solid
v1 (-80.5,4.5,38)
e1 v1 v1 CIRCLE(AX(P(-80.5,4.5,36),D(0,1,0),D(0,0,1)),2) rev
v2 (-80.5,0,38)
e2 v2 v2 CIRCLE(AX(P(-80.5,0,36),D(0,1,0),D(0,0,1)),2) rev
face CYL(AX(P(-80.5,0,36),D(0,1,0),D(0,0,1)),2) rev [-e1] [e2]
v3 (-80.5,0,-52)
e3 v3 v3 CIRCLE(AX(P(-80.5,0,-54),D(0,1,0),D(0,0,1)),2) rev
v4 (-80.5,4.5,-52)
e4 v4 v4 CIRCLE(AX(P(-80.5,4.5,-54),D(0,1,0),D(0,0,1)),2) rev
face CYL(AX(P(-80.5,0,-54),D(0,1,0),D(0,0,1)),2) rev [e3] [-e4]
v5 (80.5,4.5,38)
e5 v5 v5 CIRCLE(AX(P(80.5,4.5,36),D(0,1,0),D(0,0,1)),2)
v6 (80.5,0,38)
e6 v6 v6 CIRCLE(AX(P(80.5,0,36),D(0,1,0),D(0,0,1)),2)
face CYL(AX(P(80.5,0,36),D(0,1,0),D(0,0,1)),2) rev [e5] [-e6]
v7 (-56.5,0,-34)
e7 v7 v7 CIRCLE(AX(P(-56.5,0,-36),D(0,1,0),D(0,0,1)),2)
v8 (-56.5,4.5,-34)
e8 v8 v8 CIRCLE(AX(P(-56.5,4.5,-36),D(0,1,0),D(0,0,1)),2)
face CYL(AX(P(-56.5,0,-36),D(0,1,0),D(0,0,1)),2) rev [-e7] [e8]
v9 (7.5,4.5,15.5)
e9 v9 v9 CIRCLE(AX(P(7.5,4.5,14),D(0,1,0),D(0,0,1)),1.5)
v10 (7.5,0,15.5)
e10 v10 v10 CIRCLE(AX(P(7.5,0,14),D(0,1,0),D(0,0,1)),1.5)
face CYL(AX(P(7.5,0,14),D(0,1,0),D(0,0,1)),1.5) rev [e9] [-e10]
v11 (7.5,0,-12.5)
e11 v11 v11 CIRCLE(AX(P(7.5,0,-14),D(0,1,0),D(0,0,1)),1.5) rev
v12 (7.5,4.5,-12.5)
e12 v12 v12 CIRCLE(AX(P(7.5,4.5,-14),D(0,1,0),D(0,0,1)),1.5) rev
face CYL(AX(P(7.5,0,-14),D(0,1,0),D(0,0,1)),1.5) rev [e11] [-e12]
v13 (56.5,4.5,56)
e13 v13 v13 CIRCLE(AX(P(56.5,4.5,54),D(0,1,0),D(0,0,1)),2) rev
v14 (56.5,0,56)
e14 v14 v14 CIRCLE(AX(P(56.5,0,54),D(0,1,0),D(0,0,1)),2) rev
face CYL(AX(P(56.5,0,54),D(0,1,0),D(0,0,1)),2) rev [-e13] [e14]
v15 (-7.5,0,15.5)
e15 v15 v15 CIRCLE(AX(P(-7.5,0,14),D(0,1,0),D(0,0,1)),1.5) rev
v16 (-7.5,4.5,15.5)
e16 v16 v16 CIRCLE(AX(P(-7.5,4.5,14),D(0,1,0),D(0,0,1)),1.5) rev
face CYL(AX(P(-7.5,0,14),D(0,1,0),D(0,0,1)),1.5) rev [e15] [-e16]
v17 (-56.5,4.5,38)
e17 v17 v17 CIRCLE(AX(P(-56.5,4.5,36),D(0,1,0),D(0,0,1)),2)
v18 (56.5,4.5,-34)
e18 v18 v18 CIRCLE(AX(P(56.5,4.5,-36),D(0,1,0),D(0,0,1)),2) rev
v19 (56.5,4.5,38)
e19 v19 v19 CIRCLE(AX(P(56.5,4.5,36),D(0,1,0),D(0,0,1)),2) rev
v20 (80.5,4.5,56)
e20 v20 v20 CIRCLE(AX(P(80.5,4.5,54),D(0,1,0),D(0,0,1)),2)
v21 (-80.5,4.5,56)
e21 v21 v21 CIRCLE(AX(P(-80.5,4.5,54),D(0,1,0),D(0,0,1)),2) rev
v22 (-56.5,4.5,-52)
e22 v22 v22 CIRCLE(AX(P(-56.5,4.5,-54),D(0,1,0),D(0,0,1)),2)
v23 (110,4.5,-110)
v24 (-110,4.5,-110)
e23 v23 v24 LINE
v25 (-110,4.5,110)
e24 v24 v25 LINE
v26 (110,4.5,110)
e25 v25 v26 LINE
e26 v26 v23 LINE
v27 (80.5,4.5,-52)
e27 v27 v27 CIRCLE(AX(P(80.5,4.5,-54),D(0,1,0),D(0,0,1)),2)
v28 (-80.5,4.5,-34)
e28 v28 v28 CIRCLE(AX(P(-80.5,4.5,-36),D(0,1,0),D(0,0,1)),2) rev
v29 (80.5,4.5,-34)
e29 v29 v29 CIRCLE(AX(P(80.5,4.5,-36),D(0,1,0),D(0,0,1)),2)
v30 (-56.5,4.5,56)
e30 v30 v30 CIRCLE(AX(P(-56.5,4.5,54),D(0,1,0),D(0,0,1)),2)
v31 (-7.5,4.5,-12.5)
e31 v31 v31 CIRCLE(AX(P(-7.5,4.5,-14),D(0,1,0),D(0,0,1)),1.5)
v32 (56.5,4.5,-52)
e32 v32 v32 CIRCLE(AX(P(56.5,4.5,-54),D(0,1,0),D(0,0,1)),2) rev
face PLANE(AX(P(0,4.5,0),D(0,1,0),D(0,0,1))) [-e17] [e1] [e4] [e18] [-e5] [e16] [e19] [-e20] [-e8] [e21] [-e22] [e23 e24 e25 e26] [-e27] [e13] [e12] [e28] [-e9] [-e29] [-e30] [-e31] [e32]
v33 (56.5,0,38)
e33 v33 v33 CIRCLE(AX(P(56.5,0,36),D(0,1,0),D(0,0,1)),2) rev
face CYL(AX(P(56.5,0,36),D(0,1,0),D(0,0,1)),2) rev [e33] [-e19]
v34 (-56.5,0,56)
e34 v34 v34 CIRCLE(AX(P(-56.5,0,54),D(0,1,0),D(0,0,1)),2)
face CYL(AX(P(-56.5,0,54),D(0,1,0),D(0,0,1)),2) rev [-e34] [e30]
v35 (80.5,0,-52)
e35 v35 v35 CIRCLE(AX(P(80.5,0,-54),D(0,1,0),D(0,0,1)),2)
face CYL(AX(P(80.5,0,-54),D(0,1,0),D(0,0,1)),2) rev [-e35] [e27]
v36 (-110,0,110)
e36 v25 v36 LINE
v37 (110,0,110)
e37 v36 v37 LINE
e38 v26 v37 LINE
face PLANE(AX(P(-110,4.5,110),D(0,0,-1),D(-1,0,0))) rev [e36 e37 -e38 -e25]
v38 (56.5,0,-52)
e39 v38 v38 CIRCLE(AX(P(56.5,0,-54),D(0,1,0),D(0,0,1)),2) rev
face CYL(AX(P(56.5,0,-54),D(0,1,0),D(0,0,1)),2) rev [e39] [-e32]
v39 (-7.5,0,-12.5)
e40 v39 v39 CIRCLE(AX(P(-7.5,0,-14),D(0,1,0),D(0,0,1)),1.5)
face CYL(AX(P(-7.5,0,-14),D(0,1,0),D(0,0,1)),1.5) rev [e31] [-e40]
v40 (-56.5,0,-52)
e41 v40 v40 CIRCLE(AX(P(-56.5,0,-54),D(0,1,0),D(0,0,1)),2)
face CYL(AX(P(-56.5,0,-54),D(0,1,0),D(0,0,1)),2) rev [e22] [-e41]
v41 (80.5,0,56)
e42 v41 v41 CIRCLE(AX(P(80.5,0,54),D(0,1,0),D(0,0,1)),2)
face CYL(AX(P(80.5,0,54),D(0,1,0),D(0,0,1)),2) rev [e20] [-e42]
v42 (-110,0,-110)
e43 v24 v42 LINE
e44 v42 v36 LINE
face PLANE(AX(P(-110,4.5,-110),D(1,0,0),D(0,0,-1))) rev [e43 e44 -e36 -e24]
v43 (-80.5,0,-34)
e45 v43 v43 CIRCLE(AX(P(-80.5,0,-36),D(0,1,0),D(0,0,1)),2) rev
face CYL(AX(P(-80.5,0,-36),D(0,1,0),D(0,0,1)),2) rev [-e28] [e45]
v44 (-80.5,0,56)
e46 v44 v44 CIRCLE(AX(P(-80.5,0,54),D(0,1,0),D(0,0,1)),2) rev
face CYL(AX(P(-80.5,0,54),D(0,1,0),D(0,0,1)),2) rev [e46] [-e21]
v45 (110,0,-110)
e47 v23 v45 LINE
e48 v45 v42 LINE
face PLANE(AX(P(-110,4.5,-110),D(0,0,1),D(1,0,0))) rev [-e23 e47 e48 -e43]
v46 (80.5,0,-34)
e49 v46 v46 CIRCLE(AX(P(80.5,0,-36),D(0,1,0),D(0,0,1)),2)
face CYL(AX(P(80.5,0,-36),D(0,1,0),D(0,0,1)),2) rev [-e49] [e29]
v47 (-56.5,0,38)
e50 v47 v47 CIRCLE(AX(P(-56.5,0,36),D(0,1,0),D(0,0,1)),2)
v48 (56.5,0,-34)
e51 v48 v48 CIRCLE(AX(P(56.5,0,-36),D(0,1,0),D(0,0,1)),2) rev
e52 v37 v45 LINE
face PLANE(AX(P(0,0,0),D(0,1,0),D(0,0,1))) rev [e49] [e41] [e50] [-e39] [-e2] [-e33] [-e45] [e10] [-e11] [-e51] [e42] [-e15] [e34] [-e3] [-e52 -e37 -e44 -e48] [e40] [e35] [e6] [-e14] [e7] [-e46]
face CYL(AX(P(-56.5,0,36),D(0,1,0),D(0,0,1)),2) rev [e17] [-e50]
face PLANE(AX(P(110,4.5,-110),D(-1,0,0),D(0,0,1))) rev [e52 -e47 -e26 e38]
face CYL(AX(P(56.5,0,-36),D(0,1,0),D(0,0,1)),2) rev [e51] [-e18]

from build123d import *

# Parameters (mm, degrees)
SKETCH1_W           = 220
SKETCH1_H           = 220
BOSS_EXTRUDE1_DEPTH = 4.5
SKETCH2_R           = 1.5
SKETCH2_R_2         = 2
CUT_EXTRUDE1_DEPTH  = 5.5


with BuildPart() as part:
    # Sketch1 → Boss-Extrude1 (new body)
    with BuildSketch(Plane(origin=(0, 0, 0), x_dir=(1, 0, 0), z_dir=(0, 1, 0))):
        Rectangle(SKETCH1_W, SKETCH1_H)
    extrude(amount=BOSS_EXTRUDE1_DEPTH)

    # Sketch2 → Cut-Extrude1 (cut, through all)
    with BuildSketch(Plane(origin=(0, 4.5, 0), x_dir=(1, 0, 0), z_dir=(0, 1, 0))):
        with Locations((-7.5, 14)):
            Circle(SKETCH2_R)
        with Locations((7.5, 14)):
            Circle(SKETCH2_R)
        with Locations((7.5, -14)):
            Circle(SKETCH2_R)
        with Locations((-7.5, -14)):
            Circle(SKETCH2_R)
        with Locations((-80.5, 54)):
            Circle(SKETCH2_R_2)
        with Locations((-80.5, 36)):
            Circle(SKETCH2_R_2)
        with Locations((-56.5, 36)):
            Circle(SKETCH2_R_2)
        with Locations((-56.5, 54)):
            Circle(SKETCH2_R_2)
        with Locations((-56.5, -36)):
            Circle(SKETCH2_R_2)
        with Locations((-56.5, -54)):
            Circle(SKETCH2_R_2)
        with Locations((-80.5, -54)):
            Circle(SKETCH2_R_2)
        with Locations((-80.5, -36)):
            Circle(SKETCH2_R_2)
        with Locations((56.5, -36)):
            Circle(SKETCH2_R_2)
        with Locations((56.5, -54)):
            Circle(SKETCH2_R_2)
        with Locations((80.5, -54)):
            Circle(SKETCH2_R_2)
        with Locations((80.5, -36)):
            Circle(SKETCH2_R_2)
        with Locations((80.5, 36)):
            Circle(SKETCH2_R_2)
        with Locations((80.5, 54)):
            Circle(SKETCH2_R_2)
        with Locations((56.5, 54)):
            Circle(SKETCH2_R_2)
        with Locations((56.5, 36)):
            Circle(SKETCH2_R_2)
    extrude(amount=-CUT_EXTRUDE1_DEPTH, mode=Mode.SUBTRACT)


solid = part.part
